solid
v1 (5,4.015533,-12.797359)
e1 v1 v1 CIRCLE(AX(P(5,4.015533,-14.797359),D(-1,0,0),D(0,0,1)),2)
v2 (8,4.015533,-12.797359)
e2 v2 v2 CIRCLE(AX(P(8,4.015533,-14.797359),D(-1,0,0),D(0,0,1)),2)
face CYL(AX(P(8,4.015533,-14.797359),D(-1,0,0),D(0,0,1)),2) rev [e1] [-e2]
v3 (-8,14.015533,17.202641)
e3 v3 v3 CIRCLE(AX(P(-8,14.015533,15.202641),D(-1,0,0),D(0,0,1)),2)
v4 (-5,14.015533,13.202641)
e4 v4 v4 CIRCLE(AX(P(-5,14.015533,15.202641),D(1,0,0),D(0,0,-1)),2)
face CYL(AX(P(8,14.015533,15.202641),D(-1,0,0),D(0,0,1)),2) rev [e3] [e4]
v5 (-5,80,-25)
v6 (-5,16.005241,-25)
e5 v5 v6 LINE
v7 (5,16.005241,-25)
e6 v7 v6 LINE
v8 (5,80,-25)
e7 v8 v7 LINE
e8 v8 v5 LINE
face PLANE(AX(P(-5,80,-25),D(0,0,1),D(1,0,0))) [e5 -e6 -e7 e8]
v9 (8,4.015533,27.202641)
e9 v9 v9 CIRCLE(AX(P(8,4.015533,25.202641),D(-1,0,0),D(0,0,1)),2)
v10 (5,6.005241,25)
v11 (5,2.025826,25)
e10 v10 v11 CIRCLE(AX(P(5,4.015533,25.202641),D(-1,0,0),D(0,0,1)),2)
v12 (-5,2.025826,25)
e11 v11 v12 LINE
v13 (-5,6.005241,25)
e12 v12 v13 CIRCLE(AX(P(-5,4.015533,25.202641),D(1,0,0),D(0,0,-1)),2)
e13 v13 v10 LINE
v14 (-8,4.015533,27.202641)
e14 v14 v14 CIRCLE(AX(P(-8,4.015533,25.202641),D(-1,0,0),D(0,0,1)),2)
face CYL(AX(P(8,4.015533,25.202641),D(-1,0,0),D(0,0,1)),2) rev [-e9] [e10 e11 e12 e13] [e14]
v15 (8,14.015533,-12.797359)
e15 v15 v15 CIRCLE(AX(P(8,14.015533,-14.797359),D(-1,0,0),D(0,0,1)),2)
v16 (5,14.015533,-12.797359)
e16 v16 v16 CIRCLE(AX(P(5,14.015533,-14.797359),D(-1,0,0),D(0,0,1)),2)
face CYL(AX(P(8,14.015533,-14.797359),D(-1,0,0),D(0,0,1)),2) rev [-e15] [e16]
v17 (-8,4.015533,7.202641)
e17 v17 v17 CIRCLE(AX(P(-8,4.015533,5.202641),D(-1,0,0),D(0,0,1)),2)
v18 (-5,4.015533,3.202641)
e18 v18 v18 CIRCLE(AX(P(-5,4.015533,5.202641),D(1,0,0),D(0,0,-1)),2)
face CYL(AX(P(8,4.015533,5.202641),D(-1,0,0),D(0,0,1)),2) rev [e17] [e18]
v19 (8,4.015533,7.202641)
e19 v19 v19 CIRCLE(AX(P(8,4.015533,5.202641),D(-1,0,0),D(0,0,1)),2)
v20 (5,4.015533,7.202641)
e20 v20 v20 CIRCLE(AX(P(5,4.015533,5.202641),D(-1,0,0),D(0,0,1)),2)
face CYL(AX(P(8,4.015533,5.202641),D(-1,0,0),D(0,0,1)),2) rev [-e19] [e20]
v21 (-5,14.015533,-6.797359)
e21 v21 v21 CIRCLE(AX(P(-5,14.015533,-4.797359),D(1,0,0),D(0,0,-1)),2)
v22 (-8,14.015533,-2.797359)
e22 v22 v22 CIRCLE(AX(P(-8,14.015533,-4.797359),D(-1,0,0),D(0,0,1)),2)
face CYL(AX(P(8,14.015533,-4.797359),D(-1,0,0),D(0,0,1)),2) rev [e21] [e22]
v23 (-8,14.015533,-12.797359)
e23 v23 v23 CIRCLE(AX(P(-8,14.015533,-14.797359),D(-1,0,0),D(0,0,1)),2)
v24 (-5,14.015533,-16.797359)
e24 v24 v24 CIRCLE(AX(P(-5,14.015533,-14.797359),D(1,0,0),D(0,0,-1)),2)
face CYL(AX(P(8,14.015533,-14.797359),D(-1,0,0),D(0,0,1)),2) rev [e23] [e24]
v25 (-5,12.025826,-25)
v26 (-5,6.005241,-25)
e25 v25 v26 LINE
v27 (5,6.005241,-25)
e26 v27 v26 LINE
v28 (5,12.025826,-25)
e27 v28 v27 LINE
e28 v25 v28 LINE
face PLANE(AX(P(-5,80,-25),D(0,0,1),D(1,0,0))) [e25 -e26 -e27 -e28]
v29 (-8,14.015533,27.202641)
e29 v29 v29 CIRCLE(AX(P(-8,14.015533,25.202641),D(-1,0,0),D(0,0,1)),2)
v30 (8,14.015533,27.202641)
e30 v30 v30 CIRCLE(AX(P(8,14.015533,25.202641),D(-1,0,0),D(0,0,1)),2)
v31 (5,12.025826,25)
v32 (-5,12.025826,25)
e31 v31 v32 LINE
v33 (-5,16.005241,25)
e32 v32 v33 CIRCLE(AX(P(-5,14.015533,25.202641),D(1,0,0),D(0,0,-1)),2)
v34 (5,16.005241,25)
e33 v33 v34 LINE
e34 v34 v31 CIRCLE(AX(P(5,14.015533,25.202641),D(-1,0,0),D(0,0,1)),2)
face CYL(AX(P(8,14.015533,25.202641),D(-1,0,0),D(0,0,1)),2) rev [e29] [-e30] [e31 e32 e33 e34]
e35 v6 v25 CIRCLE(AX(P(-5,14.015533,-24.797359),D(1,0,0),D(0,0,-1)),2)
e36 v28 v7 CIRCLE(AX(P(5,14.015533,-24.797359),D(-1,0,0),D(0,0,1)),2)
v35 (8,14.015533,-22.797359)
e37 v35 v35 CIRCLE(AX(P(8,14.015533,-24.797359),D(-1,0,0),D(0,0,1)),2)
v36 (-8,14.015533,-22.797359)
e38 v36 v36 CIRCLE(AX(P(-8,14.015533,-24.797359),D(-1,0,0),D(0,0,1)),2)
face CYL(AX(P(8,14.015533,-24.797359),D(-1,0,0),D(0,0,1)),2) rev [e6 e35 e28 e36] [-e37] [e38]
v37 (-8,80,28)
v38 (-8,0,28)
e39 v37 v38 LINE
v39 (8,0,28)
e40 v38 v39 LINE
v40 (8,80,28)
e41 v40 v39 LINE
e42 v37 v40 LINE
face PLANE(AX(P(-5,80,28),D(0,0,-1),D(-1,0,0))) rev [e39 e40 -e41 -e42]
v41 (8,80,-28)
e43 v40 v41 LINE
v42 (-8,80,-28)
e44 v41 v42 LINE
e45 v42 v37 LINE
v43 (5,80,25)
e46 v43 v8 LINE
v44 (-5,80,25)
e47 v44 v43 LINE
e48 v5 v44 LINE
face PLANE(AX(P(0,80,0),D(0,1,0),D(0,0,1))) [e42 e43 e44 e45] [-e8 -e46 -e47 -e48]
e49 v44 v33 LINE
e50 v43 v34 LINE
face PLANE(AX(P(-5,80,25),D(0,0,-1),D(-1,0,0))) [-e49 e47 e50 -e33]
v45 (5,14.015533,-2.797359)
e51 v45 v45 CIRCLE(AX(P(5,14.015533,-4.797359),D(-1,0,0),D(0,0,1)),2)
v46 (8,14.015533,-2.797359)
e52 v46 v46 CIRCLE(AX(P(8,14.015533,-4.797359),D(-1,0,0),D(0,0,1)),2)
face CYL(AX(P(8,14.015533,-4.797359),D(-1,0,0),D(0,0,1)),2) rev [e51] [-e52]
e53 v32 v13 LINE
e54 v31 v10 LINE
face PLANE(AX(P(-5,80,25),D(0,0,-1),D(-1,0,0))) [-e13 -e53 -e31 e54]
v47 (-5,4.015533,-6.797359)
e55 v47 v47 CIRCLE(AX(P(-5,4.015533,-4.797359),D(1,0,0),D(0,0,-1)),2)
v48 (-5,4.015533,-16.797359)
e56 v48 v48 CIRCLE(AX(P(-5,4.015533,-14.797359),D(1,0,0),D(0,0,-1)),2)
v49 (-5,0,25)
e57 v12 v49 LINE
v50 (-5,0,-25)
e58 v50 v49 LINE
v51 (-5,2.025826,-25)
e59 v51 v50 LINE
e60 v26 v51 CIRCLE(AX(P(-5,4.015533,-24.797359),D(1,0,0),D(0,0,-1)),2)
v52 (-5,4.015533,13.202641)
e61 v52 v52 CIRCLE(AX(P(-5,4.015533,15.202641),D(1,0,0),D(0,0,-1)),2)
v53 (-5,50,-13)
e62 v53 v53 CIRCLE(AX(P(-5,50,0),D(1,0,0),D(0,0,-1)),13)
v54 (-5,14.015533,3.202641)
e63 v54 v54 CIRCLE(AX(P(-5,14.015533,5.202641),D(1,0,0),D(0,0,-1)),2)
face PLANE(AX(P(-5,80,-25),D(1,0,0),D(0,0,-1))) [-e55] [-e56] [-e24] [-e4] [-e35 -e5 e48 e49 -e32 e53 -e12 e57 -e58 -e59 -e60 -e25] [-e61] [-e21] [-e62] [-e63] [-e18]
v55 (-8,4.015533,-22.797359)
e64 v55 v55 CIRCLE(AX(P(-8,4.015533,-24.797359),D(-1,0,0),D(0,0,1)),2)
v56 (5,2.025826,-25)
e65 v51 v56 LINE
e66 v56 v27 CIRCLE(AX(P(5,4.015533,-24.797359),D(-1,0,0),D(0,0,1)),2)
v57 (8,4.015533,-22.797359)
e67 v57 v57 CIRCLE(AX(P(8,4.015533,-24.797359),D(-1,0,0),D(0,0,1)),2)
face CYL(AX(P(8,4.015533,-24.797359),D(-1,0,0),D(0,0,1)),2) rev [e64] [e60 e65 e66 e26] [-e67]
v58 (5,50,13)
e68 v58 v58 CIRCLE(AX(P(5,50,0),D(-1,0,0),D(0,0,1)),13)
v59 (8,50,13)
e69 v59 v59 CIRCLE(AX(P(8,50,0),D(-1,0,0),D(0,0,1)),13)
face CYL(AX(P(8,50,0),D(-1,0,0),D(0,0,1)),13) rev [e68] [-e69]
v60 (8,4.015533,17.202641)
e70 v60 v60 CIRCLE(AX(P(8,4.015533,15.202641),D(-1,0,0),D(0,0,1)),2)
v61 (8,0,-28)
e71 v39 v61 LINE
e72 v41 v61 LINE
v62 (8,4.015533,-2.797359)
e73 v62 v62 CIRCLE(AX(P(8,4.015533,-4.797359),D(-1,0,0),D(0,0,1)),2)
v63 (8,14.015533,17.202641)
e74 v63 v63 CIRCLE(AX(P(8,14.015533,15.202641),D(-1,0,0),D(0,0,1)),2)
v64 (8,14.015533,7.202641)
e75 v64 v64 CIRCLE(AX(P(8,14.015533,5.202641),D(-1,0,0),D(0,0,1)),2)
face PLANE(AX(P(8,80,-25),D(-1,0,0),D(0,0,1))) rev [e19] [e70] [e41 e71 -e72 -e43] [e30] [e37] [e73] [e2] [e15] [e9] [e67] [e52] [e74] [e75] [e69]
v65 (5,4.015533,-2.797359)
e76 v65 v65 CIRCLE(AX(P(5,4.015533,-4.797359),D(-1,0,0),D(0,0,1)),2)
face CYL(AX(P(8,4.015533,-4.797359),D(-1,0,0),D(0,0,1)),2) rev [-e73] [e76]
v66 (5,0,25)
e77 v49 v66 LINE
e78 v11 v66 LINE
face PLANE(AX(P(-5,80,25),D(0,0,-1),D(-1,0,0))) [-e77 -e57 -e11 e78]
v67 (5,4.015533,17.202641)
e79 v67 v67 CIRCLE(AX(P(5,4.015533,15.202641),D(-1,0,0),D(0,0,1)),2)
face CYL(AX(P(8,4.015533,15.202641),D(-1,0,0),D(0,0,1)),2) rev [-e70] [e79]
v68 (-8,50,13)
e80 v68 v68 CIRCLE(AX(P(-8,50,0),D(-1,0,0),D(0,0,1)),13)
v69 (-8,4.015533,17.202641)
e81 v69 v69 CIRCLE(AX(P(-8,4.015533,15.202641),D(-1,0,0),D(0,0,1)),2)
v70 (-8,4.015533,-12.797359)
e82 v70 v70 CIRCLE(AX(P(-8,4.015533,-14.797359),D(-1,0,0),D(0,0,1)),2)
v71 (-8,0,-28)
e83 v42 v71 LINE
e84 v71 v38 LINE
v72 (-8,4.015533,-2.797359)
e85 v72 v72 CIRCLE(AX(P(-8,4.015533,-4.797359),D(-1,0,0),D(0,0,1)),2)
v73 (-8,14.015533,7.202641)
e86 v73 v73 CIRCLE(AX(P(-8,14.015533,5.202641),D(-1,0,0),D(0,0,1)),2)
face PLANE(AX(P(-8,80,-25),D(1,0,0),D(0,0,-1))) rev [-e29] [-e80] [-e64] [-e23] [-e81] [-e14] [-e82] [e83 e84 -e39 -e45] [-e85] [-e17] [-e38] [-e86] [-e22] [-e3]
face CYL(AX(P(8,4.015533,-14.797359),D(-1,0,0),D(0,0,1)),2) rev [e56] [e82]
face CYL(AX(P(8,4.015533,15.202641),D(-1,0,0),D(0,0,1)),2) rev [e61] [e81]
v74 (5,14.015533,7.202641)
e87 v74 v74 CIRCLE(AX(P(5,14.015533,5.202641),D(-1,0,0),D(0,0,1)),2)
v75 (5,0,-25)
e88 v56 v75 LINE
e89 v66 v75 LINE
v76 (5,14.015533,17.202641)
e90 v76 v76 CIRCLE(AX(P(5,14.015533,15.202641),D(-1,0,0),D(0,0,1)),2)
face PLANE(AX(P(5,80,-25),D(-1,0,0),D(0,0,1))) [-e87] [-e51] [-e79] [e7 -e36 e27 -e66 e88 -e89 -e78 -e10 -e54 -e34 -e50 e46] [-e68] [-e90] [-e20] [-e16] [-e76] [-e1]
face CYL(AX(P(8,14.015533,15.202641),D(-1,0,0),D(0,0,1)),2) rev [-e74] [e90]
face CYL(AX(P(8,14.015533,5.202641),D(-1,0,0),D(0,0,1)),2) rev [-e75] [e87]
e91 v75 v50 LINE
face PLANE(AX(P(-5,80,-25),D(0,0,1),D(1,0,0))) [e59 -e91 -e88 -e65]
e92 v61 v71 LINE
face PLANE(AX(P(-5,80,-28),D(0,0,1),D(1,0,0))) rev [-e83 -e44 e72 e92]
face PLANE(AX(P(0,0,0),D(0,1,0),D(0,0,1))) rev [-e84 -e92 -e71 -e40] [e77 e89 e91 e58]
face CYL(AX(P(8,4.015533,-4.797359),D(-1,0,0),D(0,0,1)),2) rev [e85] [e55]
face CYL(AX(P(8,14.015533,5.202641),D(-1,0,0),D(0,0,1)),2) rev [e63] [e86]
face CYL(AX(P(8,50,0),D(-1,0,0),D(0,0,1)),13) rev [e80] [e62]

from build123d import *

# Parameters (mm, degrees)
SKETCH1_W           = 16
SKETCH1_H           = 56
SKETCH1_W_2         = 10
SKETCH1_H_2         = 50
EXTRUDE_THIN1_DEPTH = 80
SKETCH2_R           = 13
SKETCH2_R_2         = 2
CUT_EXTRUDE1_DEPTH  = 17


with BuildPart() as part:
    # Sketch1 → Extrude-Thin1 (new body)
    with BuildSketch(Plane(origin=(0, 0, 0), x_dir=(1, 0, 0), z_dir=(0, 1, 0))):
        Rectangle(SKETCH1_W, SKETCH1_H)
        Rectangle(SKETCH1_W_2, SKETCH1_H_2, mode=Mode.SUBTRACT)
    extrude(amount=EXTRUDE_THIN1_DEPTH)

    # Sketch2 → Cut-Extrude1 (cut, through all)
    with BuildSketch(Plane.ZY.offset(8)):
        with Locations((0, 50)):
            Circle(SKETCH2_R)
        with Locations((-24.79735893, 4.015533462)):
            Circle(SKETCH2_R_2)
        with Locations((-14.79735893, 4.015533462)):
            Circle(SKETCH2_R_2)
        with Locations((-4.79735893, 4.015533462)):
            Circle(SKETCH2_R_2)
        with Locations((5.20264107, 4.015533462)):
            Circle(SKETCH2_R_2)
        with Locations((15.20264107, 4.015533462)):
            Circle(SKETCH2_R_2)
        with Locations((25.20264107, 4.015533462)):
            Circle(SKETCH2_R_2)
        with Locations((-14.79735893, 14.015533462)):
            Circle(SKETCH2_R_2)
        with Locations((-4.79735893, 14.015533462)):
            Circle(SKETCH2_R_2)
        with Locations((5.20264107, 14.015533462)):
            Circle(SKETCH2_R_2)
        with Locations((15.20264107, 14.015533462)):
            Circle(SKETCH2_R_2)
        with Locations((25.20264107, 14.015533462)):
            Circle(SKETCH2_R_2)
        with Locations((-24.79735893, 14.015533462)):
            Circle(SKETCH2_R_2)
    extrude(amount=-CUT_EXTRUDE1_DEPTH, mode=Mode.SUBTRACT)


solid = part.part
